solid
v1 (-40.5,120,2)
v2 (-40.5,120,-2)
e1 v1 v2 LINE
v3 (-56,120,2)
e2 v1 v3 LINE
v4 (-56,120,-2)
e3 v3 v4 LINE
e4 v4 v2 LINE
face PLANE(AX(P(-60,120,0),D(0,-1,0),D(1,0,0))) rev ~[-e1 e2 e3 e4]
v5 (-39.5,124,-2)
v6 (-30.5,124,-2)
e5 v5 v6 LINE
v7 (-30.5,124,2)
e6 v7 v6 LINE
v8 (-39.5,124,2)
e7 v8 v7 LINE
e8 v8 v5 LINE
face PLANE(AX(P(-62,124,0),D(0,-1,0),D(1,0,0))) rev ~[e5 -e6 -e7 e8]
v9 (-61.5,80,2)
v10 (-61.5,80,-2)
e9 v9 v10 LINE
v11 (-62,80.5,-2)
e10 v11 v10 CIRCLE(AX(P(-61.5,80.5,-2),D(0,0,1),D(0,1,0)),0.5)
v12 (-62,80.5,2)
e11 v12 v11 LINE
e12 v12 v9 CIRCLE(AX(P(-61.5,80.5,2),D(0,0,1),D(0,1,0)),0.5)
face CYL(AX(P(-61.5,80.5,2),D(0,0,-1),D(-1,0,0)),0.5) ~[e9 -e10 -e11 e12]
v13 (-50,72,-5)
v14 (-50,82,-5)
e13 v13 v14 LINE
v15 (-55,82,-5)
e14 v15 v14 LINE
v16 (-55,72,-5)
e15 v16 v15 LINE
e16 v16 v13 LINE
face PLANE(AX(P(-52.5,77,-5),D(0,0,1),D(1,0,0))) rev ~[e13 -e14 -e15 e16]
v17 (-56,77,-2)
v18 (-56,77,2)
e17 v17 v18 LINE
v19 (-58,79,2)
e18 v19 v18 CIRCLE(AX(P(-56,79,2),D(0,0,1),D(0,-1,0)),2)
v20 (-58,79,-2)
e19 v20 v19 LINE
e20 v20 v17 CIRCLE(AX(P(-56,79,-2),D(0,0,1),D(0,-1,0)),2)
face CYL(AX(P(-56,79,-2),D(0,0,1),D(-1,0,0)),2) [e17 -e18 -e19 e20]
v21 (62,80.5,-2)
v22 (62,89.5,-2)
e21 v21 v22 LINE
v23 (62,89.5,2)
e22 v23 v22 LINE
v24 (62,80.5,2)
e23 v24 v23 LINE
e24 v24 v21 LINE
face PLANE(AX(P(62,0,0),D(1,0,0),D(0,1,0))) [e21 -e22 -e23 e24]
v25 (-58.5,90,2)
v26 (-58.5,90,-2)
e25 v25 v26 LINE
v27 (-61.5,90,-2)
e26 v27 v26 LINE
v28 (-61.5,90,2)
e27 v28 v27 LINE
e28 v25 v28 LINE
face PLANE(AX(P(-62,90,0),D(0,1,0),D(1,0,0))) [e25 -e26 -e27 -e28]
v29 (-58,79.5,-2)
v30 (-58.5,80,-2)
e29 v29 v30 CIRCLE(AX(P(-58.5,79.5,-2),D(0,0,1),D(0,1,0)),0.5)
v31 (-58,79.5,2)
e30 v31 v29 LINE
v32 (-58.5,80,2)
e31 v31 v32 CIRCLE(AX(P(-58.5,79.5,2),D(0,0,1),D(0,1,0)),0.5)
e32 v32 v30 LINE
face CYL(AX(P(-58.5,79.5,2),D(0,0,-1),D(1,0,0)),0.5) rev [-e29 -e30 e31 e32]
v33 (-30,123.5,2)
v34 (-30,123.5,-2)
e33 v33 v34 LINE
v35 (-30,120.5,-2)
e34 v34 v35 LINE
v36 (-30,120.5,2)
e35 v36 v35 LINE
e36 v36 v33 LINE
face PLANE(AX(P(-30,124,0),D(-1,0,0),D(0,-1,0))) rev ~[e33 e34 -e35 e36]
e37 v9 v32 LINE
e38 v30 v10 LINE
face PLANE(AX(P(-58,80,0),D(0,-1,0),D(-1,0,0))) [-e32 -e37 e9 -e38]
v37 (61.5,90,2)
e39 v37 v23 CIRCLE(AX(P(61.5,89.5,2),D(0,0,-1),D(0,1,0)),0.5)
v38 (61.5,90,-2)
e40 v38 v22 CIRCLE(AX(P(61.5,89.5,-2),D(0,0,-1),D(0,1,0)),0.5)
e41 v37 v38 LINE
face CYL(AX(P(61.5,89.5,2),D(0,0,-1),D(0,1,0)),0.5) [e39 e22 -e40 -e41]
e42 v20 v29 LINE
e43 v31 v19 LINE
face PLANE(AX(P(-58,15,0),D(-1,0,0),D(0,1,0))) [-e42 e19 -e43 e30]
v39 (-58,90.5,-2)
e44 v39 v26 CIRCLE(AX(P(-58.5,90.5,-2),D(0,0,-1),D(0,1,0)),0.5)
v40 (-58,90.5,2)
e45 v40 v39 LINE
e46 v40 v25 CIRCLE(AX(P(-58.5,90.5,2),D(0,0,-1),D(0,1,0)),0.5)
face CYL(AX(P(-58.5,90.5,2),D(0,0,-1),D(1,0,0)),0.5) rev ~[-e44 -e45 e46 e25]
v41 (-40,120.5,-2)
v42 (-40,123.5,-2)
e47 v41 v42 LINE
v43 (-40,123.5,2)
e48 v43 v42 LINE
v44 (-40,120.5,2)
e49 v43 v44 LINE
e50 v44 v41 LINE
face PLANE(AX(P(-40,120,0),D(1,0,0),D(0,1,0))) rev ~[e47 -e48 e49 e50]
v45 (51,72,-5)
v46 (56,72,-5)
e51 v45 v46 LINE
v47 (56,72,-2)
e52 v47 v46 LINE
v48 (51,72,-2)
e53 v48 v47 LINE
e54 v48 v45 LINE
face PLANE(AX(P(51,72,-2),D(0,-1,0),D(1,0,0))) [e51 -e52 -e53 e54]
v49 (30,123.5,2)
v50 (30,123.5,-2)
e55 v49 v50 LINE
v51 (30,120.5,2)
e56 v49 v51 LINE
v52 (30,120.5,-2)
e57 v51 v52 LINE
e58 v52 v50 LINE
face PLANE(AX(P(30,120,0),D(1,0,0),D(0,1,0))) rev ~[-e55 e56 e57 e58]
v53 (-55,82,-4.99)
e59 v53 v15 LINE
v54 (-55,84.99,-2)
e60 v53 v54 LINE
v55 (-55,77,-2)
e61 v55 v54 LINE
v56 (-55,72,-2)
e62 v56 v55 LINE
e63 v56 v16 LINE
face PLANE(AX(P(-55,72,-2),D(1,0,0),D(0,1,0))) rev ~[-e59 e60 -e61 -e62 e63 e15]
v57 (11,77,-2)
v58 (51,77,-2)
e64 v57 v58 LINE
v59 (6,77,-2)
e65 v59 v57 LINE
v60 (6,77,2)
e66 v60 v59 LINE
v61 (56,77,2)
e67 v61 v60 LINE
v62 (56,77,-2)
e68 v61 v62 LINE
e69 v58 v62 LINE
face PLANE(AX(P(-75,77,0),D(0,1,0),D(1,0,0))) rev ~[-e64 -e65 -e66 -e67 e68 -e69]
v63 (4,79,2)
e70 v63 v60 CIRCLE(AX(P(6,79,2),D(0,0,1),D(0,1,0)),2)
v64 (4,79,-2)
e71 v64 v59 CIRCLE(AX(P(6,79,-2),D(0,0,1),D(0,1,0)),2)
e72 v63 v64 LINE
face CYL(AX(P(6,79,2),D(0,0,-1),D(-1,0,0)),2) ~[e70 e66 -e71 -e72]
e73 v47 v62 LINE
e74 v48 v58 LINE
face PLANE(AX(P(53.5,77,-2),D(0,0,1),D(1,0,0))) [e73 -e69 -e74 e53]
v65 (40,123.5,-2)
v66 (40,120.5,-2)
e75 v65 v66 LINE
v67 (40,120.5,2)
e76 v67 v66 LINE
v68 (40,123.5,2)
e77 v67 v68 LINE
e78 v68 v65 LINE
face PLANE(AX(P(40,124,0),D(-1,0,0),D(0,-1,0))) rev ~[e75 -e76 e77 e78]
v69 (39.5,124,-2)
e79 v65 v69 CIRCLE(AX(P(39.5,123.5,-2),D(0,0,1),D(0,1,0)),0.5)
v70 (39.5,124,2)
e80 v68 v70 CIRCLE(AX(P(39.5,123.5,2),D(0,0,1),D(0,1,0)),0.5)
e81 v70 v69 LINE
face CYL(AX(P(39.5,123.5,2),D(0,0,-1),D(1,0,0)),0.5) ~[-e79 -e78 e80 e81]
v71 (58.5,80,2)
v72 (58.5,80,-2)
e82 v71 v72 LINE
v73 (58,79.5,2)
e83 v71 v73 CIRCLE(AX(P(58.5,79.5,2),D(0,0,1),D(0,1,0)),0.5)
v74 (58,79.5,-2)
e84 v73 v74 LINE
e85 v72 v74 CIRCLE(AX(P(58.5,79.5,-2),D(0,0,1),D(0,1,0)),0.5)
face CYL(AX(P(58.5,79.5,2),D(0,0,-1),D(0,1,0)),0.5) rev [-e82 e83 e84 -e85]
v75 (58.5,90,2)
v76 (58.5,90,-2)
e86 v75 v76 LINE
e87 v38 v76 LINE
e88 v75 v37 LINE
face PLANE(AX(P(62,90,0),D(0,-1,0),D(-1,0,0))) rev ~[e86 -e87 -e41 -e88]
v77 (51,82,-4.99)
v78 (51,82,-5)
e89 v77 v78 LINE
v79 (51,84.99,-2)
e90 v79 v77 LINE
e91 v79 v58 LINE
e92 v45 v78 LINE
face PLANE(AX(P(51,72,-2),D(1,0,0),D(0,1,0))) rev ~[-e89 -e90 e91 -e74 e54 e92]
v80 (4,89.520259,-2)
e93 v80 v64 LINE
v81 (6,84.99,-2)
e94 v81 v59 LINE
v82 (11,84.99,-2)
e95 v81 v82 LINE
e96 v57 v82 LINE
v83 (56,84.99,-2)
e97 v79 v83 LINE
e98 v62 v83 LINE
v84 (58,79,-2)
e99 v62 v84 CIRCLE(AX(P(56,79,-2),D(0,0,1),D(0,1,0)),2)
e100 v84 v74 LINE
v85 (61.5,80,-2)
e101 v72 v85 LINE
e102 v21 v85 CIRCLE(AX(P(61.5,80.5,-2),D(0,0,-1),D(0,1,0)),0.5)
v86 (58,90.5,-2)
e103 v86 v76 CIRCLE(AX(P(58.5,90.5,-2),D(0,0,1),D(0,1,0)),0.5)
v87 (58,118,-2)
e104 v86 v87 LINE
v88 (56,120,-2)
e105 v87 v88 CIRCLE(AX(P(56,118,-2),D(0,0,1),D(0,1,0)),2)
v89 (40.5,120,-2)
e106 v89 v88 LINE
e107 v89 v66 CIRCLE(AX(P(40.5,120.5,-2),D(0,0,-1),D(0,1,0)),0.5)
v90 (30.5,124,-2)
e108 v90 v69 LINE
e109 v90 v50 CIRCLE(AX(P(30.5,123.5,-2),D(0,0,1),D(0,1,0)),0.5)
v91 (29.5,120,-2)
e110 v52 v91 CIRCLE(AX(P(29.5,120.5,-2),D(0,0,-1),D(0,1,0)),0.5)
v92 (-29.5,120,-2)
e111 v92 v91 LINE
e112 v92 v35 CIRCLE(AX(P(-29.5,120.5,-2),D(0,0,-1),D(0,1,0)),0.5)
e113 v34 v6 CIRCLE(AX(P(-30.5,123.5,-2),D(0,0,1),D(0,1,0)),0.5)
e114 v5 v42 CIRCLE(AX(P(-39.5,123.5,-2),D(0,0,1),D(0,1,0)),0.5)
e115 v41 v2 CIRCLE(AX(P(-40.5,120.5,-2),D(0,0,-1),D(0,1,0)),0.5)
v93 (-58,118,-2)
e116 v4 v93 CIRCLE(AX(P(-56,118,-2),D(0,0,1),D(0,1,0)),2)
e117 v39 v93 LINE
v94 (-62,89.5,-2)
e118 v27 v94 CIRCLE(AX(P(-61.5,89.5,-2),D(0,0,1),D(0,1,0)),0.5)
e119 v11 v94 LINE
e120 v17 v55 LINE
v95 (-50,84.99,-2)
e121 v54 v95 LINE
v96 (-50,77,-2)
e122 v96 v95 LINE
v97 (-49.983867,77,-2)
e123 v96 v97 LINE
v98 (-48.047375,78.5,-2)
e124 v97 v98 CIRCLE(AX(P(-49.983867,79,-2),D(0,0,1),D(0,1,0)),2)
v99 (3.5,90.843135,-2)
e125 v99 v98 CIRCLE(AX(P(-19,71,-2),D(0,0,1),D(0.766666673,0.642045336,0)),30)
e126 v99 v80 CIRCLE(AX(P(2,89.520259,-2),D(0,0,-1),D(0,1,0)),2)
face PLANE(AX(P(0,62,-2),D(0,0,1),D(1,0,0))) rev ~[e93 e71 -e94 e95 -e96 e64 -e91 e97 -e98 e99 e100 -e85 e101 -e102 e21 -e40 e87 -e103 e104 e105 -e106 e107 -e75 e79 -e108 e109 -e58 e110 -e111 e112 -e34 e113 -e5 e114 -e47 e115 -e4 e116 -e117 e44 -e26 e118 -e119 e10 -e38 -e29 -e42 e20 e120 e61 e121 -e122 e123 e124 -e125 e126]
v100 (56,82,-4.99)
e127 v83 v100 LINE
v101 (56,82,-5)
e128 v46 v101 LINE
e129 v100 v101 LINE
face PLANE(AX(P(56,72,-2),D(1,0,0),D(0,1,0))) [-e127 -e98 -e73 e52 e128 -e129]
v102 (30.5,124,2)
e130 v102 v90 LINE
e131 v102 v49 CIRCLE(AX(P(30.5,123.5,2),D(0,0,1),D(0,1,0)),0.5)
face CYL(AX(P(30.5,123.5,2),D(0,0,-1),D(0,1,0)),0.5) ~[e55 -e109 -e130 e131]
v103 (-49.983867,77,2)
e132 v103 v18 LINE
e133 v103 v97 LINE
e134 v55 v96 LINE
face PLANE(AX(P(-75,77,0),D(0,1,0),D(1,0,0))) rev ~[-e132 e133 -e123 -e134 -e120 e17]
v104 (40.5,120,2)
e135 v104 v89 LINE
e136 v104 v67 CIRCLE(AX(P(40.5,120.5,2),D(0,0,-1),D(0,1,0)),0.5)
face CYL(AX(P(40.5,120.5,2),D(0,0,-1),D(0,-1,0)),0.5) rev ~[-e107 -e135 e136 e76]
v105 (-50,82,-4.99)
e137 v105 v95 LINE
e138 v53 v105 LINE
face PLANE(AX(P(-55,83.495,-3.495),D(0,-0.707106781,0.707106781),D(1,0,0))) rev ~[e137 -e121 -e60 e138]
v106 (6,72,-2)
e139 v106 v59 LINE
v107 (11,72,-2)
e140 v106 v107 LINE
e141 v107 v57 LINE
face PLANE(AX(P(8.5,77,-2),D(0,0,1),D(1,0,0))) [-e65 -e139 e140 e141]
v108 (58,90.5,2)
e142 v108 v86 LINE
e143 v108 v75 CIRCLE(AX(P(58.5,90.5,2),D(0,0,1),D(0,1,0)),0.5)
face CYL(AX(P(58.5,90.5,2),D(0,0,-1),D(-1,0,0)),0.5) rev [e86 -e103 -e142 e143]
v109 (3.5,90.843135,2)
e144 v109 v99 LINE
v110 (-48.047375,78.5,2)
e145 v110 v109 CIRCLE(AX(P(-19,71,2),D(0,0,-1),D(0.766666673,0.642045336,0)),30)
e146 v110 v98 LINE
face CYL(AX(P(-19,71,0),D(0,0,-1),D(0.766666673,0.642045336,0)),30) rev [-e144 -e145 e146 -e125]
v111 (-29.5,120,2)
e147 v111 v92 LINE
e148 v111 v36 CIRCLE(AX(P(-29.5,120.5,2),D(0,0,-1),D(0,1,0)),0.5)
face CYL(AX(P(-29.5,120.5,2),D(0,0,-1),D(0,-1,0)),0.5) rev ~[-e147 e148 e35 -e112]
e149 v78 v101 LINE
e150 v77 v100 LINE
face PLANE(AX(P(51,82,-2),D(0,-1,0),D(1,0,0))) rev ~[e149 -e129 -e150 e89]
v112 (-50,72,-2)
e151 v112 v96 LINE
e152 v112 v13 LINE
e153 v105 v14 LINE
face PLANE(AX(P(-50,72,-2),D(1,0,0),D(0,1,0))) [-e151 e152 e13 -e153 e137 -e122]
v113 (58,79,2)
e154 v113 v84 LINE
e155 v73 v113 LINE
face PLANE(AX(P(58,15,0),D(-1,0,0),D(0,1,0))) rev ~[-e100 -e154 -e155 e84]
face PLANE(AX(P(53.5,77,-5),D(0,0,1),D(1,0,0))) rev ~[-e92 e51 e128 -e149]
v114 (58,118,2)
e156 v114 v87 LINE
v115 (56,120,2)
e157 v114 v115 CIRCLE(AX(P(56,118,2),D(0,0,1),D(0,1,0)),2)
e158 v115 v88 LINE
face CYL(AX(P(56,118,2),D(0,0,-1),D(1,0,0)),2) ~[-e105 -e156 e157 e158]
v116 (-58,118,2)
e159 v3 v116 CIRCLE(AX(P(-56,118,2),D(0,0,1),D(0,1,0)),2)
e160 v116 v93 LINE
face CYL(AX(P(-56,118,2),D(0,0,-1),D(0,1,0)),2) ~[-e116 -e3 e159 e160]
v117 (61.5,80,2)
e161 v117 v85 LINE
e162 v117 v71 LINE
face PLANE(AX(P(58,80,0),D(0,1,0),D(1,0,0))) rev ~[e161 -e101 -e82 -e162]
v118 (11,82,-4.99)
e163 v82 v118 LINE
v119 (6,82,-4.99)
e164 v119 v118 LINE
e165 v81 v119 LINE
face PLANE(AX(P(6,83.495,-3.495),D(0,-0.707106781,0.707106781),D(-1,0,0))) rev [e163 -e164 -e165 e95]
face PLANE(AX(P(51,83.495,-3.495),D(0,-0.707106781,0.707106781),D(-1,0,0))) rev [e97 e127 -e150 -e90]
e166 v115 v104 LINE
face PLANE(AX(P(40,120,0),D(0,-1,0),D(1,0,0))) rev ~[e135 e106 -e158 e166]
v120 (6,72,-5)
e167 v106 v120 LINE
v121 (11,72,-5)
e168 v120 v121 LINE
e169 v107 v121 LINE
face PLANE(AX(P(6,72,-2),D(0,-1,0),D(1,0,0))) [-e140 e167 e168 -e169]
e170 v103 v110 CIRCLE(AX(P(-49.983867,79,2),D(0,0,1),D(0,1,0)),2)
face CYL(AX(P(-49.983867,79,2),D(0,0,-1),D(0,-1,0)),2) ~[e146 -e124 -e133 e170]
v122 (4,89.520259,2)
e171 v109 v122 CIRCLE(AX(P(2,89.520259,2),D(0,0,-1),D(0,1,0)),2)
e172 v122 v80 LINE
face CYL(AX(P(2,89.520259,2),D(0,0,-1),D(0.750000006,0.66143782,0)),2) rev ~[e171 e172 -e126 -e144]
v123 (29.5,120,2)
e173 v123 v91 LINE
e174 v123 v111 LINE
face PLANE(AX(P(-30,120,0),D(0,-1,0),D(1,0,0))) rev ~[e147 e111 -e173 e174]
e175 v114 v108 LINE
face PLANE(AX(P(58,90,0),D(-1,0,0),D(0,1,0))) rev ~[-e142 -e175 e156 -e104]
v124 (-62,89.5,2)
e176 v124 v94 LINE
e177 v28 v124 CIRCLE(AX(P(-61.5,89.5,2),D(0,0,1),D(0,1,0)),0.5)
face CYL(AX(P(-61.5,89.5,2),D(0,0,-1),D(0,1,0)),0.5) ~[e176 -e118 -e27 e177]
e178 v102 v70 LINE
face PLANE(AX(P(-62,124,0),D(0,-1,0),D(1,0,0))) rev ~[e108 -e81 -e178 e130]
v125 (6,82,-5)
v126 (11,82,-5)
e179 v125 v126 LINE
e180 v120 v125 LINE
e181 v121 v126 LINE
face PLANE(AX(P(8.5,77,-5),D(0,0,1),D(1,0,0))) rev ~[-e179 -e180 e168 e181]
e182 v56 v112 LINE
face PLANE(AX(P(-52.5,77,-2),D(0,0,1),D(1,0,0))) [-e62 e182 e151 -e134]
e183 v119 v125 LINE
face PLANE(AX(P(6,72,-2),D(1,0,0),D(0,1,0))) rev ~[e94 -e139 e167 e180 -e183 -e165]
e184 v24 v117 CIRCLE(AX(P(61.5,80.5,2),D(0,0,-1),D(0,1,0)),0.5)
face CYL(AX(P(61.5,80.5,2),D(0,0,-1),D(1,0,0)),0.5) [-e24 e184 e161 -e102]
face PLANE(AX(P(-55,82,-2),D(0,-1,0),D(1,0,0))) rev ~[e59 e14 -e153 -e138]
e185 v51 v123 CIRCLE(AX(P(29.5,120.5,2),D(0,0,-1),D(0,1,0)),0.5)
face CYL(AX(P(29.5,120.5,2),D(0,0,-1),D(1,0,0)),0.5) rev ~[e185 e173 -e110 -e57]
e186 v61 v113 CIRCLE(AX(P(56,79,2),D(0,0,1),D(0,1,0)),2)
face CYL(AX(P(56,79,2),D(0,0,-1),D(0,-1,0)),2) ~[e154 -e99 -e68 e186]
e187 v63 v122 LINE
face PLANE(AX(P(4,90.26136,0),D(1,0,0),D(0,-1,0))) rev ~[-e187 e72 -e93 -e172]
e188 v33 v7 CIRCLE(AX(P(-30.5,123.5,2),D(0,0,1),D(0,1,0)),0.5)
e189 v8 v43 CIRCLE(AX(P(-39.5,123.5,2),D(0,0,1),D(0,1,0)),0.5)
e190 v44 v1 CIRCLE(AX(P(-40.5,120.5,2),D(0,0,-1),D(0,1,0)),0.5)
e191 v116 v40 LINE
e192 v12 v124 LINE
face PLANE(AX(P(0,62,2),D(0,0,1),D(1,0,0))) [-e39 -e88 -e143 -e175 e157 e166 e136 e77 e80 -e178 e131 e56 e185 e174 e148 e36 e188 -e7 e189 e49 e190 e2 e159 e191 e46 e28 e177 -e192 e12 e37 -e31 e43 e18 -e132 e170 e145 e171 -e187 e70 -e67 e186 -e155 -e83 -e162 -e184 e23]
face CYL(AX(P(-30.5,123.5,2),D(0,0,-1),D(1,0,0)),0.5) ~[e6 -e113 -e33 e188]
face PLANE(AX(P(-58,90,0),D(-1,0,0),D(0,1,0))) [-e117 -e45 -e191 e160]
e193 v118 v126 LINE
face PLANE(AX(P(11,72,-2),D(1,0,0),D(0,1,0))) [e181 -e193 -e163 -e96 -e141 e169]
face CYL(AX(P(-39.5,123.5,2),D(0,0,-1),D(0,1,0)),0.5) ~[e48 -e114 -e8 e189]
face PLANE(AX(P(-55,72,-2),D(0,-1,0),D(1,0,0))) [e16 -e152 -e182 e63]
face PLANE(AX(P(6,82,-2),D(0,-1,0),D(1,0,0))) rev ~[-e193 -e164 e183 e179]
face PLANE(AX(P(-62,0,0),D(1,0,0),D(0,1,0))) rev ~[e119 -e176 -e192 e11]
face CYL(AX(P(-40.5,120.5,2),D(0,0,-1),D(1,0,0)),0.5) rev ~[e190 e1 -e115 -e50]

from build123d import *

# Parameters (mm, degrees)
SKETCH_W             = 124
SKETCH_H             = 124
PAD_DEPTH            = 2
POCKET_DEPTH         = 2.001
POCKET_DEPTH_BACK    = -2.001
POCKET001_DEPTH      = 2.001
POCKET001_DEPTH_BACK = -2.001
SKETCH006_W          = 150
SKETCH006_H          = 77
POCKET002_DEPTH      = 2.001
POCKET002_DEPTH_BACK = -2.001
POCKET003_DEPTH      = 2.001
POCKET003_DEPTH_BACK = -2.001
FILLET_R             = 2
FILLET001_R          = 2
FILLET002_R          = 0.5
SKETCH008_W          = 5
SKETCH008_H          = 10
PAD001_DEPTH         = 3
CHAMFER_SIZE         = 2.99


with BuildPart() as part:
    # Sketch → Pad (new body, symmetric)
    with BuildSketch(Plane.XY):
        with Locations((0, 62)):
            Rectangle(SKETCH_W, SKETCH_H)
    extrude(amount=PAD_DEPTH, both=True)

    # Sketch004 → Pocket (cut, two sides)
    with BuildSketch(Plane.XY) as pocket_sk:
        Polygon((-58, 5), (-62, 5), (-62, 15), (-58, 15), (-58, 80), (-62, 80), (-62, 90), (-58, 90), (-58, 124), (-88, 124), (-88, 0), (-58, 0), align=None)
        Polygon((58, 5), (62, 5), (62, 15), (58, 15), (58, 80), (62, 80), (62, 90), (58, 90), (58, 124), (88, 124), (88, 0), (58, 0), align=None)
    extrude(amount=-POCKET_DEPTH, mode=Mode.SUBTRACT)
    extrude(pocket_sk.sketch, amount=-POCKET_DEPTH_BACK, mode=Mode.SUBTRACT)

    # Sketch005 → Pocket001 (cut, two sides)
    with BuildSketch(Plane.XY) as pocket001_sk:
        Polygon((-60, 120), (-40, 120), (-40, 124), (-30, 124), (-30, 120), (30, 120), (30, 124), (40, 124), (40, 120), (60, 120), (60, 130), (-60, 130), align=None)
    extrude(amount=-POCKET001_DEPTH, mode=Mode.SUBTRACT)
    extrude(pocket001_sk.sketch, amount=-POCKET001_DEPTH_BACK, mode=Mode.SUBTRACT)

    # Sketch006 → Pocket002 (cut, two sides)
    with BuildSketch(Plane.XY) as pocket002_sk:
        with Locations((0, 38.5)):
            Rectangle(SKETCH006_W, SKETCH006_H)
    extrude(amount=-POCKET002_DEPTH, mode=Mode.SUBTRACT)
    extrude(pocket002_sk.sketch, amount=-POCKET002_DEPTH_BACK, mode=Mode.SUBTRACT)

    # Sketch007 → Pocket003 (cut, two sides)
    with BuildSketch(Plane.XY) as pocket003_sk:
        with BuildLine():
            ThreePointArc((4, 90.26136), (-49, 71), (4, 51.73864))
            Line((4, 90.26136), (4, 51.73864))
        make_face()
    extrude(amount=-POCKET003_DEPTH, mode=Mode.SUBTRACT)
    extrude(pocket003_sk.sketch, amount=-POCKET003_DEPTH_BACK, mode=Mode.SUBTRACT)

    # Fillet
    fillet_edges = [part.edges().sort_by_distance(p)[0] for p in [
        (-48.393877, 77, 0),
        (4, 90.26136, 0),
        (4, 77, 0),
        (58, 77, 0),
        (-58, 77, 0),
    ]]
    fillet(fillet_edges, radius=FILLET_R)

    # Fillet001
    fillet001_edges = [part.edges().sort_by_distance(p)[0] for p in [
        (58, 120, 0),
        (-58, 120, 0),
    ]]
    fillet(fillet001_edges, radius=FILLET001_R)

    # Fillet002
    fillet002_edges = [part.edges().sort_by_distance(p)[0] for p in [
        (-58, 80, 0),
        (-62, 80, 0),
        (-62, 90, 0),
        (-58, 90, 0),
        (-40, 120, 0),
        (-40, 124, 0),
        (-30, 124, 0),
        (-30, 120, 0),
        (30, 120, 0),
        (30, 124, 0),
        (40, 124, 0),
        (40, 120, 0),
        (58, 90, 0),
        (62, 90, 0),
        (62, 80, 0),
        (58, 80, 0),
    ]]
    fillet(fillet002_edges, radius=FILLET002_R)

    # Sketch008 (on DatumPlane) → Pad001 (join)
    with BuildSketch(Plane.XY.offset(-2)):
        with Locations((-52.5, 77)):
            Rectangle(SKETCH008_W, SKETCH008_H)
        with Locations((8.5, 77)):
            Rectangle(SKETCH008_W, SKETCH008_H)
        with Locations((53.5, 77)):
            Rectangle(SKETCH008_W, SKETCH008_H)
    extrude(amount=-PAD001_DEPTH)

    # Chamfer
    chamfer_edges = [part.edges().sort_by_distance(p)[0] for p in [
        (-52.5, 82, -2),
        (8.5, 82, -2),
        (53.5, 82, -2),
    ]]
    chamfer(chamfer_edges, length=CHAMFER_SIZE)


solid = part.part
